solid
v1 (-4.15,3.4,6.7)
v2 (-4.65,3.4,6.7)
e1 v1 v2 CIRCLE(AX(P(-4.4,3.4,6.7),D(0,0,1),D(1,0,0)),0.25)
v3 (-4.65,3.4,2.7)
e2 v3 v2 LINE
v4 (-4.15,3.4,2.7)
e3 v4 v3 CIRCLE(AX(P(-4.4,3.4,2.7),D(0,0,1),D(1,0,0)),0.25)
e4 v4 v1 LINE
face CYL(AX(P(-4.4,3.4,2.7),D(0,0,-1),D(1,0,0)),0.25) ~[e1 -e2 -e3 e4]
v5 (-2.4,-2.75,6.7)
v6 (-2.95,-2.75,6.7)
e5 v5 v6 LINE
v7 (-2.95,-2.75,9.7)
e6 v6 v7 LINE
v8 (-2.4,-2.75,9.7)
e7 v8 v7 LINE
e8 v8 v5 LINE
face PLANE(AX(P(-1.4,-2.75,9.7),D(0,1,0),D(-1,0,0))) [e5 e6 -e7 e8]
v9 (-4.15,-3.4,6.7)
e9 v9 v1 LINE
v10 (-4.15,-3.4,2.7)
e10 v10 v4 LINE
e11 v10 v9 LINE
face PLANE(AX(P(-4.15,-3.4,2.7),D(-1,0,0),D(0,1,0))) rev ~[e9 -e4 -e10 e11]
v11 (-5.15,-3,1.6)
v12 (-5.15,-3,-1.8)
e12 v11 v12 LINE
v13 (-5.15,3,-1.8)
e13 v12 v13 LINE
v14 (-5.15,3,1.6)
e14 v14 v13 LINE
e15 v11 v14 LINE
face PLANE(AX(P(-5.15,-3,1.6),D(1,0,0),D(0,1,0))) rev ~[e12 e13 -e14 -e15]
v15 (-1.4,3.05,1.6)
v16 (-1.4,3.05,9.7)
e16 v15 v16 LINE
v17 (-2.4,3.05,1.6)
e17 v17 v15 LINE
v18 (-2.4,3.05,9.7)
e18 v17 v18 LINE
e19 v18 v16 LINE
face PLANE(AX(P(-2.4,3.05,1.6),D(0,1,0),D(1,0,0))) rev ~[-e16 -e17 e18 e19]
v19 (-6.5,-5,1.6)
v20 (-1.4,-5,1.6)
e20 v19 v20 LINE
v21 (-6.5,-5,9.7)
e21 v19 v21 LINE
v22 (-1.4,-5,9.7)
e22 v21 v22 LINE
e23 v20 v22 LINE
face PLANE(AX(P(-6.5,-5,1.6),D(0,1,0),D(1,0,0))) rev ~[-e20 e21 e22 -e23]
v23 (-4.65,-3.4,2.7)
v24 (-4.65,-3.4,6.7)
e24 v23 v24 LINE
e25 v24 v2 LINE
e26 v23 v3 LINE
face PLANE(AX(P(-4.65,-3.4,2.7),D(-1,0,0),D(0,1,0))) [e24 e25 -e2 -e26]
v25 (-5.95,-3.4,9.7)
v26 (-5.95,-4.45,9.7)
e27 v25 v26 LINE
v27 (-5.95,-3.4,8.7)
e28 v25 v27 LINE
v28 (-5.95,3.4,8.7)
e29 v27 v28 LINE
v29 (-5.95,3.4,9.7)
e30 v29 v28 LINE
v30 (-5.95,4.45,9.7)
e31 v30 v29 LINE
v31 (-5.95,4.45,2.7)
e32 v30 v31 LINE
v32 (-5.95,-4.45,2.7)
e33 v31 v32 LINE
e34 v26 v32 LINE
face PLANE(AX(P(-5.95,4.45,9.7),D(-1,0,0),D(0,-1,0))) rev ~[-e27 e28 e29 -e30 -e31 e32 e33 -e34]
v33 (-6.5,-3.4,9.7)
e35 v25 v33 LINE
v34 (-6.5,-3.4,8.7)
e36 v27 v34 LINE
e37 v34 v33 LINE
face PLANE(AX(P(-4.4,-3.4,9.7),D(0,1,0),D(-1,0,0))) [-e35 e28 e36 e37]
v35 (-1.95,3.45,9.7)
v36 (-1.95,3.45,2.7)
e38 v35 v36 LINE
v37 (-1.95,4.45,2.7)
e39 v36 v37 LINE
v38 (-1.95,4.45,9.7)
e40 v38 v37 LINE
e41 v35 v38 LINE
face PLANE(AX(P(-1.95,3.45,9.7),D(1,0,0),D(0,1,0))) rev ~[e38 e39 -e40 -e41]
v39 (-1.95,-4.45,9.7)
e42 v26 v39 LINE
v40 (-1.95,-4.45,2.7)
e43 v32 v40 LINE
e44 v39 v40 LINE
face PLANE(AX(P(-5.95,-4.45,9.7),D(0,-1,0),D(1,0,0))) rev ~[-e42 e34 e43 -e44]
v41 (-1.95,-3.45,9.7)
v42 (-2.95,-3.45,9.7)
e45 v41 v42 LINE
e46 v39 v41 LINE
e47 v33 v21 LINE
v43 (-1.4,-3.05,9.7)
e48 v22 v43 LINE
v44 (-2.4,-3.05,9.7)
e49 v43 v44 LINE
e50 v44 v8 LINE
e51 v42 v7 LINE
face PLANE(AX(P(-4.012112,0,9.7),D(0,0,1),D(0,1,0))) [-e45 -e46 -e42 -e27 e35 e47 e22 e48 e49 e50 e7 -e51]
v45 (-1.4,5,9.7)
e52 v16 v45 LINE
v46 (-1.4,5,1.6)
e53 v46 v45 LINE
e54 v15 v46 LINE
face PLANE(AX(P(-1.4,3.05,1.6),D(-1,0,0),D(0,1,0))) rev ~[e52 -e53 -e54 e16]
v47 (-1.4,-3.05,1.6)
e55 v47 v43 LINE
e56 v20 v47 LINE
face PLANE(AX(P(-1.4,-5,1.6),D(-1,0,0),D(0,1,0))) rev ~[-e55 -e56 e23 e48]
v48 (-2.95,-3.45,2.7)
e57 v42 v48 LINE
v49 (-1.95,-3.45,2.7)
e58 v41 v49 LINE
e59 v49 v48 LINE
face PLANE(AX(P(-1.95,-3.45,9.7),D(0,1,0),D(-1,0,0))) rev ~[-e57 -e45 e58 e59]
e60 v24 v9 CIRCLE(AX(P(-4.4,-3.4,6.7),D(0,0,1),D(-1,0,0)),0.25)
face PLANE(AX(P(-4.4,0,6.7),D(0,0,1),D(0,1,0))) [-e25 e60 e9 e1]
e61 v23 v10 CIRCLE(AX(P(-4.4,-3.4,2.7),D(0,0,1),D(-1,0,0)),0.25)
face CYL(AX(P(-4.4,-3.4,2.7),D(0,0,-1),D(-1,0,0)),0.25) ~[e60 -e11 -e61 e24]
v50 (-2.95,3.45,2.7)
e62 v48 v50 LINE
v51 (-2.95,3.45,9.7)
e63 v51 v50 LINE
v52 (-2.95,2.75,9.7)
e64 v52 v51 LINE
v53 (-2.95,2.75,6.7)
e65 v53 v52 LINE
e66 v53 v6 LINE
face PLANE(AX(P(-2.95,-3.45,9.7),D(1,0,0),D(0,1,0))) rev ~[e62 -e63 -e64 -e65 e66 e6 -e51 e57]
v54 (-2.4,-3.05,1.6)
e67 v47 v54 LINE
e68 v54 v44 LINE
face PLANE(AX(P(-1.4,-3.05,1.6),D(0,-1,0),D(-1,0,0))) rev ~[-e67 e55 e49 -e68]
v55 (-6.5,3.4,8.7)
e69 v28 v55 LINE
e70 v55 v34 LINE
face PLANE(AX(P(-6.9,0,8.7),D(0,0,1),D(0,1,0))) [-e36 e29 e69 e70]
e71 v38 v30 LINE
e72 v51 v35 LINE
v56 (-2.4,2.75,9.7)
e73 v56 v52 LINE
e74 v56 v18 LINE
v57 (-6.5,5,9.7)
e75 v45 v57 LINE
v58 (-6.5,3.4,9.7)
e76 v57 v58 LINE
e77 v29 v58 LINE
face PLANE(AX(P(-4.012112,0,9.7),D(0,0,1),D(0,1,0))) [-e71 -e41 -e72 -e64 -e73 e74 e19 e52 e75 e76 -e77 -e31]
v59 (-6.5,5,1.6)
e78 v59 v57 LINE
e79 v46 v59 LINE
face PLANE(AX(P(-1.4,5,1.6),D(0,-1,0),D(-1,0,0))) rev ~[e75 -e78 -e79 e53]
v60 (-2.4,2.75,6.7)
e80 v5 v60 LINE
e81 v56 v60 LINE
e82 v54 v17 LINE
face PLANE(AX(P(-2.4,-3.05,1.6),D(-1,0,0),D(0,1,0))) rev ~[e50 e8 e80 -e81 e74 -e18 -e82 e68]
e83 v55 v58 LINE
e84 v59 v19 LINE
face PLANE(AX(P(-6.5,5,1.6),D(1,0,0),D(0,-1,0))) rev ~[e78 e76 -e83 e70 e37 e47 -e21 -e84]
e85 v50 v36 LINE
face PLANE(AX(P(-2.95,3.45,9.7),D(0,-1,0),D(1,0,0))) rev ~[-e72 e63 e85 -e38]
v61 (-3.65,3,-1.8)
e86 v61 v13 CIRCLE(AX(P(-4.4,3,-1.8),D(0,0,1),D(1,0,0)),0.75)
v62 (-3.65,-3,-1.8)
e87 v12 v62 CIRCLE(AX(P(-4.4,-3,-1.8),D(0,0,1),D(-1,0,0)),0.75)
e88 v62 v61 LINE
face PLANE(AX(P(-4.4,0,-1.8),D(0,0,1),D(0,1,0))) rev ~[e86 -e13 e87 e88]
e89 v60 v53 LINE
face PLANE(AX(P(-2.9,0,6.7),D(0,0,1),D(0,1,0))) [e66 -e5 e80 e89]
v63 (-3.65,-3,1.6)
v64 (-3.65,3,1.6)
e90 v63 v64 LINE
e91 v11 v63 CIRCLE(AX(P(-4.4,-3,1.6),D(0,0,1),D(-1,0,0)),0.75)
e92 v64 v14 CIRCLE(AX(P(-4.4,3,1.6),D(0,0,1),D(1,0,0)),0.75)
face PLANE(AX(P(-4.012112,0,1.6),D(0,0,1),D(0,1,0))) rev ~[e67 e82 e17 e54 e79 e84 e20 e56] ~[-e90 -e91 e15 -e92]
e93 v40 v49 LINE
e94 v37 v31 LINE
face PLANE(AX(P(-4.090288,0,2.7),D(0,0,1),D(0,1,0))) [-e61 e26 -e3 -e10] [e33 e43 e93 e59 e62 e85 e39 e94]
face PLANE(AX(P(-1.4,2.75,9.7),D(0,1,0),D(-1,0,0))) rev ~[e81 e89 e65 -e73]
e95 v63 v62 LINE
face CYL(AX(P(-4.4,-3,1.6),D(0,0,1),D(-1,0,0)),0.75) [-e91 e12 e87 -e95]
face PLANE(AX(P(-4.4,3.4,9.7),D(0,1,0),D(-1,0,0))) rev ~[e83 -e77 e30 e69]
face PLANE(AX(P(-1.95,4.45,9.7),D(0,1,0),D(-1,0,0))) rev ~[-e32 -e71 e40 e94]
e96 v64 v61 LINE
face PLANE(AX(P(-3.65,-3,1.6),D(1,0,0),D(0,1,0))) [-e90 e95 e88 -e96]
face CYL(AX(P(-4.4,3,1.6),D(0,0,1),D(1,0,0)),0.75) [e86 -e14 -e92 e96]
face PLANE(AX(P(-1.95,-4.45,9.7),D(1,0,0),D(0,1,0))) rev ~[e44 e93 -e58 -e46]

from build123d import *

# Parameters (mm, degrees)
PAD010_DEPTH            = 8.1
POCKET007_DEPTH         = 7
SKETCH024_W             = 6.8
SKETCH024_H             = 5
POCKET009_DEPTH         = 1
SKETCH018_W             = 5.5
SKETCH018_H             = 3
POCKET010_DEPTH         = 3
PAD013_DEPTH            = 4
PAD011_DEPTH            = 3.4
BODY014_PLACEMENT_ANGLE = 90


with BuildPart() as part:
    # Sketch022 → Pad010 (new body)
    with BuildSketch(Plane.XY):
        Polygon((-5, 0), (-3.05, 0), (-3.05, 1), (3.05, 1), (3.05, 0), (5, 0), (5, 5.1), (-5, 5.1), align=None)
    extrude(amount=PAD010_DEPTH)

    # Sketch021 (on Face10 of Pad010) → Pocket007 (cut)
    with BuildSketch(Plane.XY.offset(8.1)):
        Polygon((-4.45, 0.55), (-3.45, 0.55), (-3.45, 1.55), (3.45, 1.55), (3.45, 0.55), (4.45, 0.55), (4.45, 4.55), (-4.45, 4.55), align=None)
    extrude(amount=-POCKET007_DEPTH, mode=Mode.SUBTRACT)

    # Sketch024 (on Face5 of Pocket007) → Pocket009 (cut)
    with BuildSketch(Plane.XY.offset(8.1)):
        with Locations((0, 5.5)):
            Rectangle(SKETCH024_W, SKETCH024_H)
    extrude(amount=-POCKET009_DEPTH, mode=Mode.SUBTRACT)

    # Sketch018 (on Face5 of Pocket009) → Pocket010 (cut)
    with BuildSketch(Plane.XY.offset(8.1)):
        with Locations((0, 1.5)):
            Rectangle(SKETCH018_W, SKETCH018_H)
    extrude(amount=-POCKET010_DEPTH, mode=Mode.SUBTRACT)

    # Sketch023 (on Face26 of Pocket010) → Pad013 (join)
    with BuildSketch(Plane.XY.offset(1.1)):
        with BuildLine():
            ThreePointArc((-3.4, 3.25), (-3.65, 3), (-3.4, 2.75))
            Line((-3.4, 2.75), (3.4, 2.75))
            ThreePointArc((3.4, 2.75), (3.65, 3), (3.4, 3.25))
            Line((-3.4, 3.25), (3.4, 3.25))
        make_face()
    extrude(amount=PAD013_DEPTH)

    # Sketch019 → Pad011 (join)
    with BuildSketch(Plane.XY):
        with BuildLine():
            ThreePointArc((-3, 3.75), (-3.75, 3), (-3, 2.25))
            Line((-3, 2.25), (3, 2.25))
            ThreePointArc((3, 2.25), (3.75, 3), (3, 3.75))
            Line((-3, 3.75), (3, 3.75))
        make_face()
    extrude(amount=-PAD011_DEPTH)


with BuildPart() as part_1:
    # Body014 placement: moved
    add(part.part.moved(Location((-13.8, 0, 1.6))).rotate(Axis((-13.8, 0, 1.6), (0, 0, 1)), BODY014_PLACEMENT_ANGLE))


with BuildPart() as part_2:
    # Clone007 placement: moved
    add(part_1.part.moved(Location((-0.2, 0, 0))))


with BuildPart() as part_3:
    # Body015 placement: moved
    add(part_2.part.moved(Location((12.6, 0, 0))))


solid = part_3.part
